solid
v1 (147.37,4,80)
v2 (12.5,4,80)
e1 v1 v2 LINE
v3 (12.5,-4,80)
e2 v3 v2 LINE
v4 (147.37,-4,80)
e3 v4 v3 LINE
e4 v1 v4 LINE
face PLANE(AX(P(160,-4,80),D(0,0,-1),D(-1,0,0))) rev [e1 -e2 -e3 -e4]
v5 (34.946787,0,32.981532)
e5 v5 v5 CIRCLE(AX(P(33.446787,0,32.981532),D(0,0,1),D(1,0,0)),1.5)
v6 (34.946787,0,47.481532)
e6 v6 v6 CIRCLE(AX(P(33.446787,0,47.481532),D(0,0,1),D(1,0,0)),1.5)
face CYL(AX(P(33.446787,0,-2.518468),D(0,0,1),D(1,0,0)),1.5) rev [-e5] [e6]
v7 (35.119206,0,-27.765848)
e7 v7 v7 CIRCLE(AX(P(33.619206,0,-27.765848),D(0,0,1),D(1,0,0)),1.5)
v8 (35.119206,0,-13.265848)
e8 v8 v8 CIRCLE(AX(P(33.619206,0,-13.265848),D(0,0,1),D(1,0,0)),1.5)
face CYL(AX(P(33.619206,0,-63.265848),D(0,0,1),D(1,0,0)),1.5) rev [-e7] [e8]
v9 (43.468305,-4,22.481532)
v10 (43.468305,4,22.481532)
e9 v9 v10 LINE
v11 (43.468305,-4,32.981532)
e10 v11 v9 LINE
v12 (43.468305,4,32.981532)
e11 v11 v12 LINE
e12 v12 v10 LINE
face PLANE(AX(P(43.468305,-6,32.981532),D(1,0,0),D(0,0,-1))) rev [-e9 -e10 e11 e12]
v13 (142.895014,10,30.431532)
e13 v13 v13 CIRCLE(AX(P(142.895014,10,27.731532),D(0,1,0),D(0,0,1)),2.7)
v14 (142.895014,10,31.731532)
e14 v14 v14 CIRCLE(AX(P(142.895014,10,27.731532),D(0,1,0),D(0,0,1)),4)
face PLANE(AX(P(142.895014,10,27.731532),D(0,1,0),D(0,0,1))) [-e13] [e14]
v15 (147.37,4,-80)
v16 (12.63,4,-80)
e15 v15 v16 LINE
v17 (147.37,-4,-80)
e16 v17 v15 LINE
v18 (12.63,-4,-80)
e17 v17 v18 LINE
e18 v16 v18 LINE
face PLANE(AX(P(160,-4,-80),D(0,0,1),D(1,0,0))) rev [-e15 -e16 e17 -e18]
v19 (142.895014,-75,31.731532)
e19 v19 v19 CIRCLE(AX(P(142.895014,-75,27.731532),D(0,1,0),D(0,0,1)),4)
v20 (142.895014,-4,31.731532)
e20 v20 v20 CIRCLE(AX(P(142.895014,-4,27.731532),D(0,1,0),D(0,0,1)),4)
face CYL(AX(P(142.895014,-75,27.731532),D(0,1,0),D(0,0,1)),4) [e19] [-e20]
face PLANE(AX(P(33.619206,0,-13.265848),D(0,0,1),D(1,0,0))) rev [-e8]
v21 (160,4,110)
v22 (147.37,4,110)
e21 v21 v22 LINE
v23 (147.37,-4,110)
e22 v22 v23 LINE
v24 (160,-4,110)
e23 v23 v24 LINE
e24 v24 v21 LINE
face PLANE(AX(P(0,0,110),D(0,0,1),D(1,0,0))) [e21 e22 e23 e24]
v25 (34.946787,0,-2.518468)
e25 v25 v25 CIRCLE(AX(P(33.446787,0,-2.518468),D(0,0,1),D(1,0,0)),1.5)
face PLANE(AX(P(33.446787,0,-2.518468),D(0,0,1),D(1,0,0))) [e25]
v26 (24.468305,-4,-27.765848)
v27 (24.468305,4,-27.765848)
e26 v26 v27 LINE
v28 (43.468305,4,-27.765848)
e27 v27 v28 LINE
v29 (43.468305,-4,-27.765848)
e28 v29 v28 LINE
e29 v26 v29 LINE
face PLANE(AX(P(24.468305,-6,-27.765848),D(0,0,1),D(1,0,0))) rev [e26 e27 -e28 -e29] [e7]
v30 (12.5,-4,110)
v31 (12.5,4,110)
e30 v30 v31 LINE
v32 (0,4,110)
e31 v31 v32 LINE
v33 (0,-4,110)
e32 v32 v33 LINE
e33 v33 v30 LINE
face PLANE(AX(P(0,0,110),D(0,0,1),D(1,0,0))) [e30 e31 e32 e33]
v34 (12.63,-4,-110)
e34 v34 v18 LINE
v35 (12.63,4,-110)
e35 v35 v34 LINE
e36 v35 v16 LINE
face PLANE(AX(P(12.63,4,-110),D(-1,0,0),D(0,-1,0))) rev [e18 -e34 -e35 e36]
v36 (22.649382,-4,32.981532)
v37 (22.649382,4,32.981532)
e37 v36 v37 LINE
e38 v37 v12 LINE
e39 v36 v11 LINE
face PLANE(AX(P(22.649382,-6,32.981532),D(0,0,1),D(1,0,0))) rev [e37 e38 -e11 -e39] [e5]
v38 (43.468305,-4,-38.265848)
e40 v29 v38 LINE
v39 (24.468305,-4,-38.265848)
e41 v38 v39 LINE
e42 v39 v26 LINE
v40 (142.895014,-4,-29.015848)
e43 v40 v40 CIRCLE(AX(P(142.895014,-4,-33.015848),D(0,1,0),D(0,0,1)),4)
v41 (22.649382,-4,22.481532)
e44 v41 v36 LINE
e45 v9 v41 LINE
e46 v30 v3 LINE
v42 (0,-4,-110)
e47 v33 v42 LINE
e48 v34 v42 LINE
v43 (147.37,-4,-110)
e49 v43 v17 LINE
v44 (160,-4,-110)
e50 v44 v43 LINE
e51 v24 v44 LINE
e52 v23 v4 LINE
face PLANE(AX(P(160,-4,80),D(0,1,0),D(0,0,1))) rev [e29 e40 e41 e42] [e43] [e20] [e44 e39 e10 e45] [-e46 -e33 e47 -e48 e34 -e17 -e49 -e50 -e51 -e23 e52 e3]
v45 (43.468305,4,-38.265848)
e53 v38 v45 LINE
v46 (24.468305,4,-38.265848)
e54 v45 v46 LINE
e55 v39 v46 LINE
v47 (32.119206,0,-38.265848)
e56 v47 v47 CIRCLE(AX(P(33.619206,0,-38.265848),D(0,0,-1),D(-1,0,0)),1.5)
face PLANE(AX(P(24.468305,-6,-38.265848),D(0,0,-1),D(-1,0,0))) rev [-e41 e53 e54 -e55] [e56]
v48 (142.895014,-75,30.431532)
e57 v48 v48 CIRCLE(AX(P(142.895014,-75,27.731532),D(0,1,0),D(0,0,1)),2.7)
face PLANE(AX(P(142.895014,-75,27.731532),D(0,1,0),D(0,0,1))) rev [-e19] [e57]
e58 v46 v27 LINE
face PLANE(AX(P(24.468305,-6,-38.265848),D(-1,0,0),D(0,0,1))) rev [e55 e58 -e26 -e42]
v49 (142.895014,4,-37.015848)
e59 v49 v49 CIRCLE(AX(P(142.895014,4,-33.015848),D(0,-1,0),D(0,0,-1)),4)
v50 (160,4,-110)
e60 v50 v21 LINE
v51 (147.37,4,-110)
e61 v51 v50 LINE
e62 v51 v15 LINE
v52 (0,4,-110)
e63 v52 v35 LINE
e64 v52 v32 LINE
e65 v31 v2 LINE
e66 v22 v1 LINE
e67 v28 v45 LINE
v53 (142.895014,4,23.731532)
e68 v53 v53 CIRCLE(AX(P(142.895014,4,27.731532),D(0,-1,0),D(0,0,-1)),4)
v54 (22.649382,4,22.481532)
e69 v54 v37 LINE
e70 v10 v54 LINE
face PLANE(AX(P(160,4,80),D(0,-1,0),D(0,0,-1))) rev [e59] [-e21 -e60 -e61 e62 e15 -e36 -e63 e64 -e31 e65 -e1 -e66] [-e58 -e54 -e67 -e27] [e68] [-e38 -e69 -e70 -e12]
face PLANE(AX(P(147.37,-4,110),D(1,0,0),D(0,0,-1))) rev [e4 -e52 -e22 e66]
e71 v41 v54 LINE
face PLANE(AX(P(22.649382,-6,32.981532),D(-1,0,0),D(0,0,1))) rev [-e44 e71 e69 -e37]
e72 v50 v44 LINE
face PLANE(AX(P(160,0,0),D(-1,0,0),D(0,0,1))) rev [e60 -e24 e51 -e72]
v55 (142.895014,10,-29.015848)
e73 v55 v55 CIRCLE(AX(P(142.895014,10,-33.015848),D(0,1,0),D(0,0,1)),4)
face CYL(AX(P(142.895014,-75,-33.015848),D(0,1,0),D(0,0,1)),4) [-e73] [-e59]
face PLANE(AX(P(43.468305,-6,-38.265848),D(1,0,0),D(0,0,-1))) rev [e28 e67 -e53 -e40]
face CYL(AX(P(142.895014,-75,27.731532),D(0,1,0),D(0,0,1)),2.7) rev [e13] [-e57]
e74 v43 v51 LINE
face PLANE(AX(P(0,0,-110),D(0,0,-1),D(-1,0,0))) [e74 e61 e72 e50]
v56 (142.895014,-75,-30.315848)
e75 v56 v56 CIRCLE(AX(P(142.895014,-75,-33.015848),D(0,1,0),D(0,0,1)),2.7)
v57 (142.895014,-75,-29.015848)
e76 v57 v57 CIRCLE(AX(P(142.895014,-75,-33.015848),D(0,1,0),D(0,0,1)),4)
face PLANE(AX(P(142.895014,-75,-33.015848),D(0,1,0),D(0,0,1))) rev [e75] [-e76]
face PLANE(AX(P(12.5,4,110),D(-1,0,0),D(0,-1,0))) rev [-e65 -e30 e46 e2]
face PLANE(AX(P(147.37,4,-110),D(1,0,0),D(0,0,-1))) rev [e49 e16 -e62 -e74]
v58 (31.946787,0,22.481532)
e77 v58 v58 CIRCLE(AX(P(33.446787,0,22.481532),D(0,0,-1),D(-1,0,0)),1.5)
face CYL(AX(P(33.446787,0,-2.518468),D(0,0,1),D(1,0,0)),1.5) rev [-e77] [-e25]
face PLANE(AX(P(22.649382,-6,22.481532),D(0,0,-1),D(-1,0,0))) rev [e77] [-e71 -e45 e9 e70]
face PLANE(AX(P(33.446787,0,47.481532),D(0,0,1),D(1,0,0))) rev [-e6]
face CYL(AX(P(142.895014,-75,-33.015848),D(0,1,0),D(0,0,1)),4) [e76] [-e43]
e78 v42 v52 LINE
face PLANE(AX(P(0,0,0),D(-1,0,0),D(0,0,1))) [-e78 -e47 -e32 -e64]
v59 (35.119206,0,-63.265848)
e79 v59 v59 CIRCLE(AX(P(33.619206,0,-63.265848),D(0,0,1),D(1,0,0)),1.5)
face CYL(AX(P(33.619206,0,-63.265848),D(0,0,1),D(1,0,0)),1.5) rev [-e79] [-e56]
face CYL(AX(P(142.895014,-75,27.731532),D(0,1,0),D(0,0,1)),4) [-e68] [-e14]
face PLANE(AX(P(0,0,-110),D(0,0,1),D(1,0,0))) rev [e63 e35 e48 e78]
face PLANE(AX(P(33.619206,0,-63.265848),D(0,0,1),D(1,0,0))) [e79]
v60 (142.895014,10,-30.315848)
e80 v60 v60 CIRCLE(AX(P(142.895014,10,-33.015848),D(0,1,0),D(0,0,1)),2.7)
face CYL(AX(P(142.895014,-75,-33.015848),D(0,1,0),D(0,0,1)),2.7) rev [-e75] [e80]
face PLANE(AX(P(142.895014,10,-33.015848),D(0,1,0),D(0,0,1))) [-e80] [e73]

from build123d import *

# Parameters (mm, degrees)
SKETCH1_W           = 160
SKETCH1_H           = 8
BOSS_EXTRUDE1_DEPTH = 160
SKETCH2_W           = 12.5
SKETCH2_H           = 8
BOSS_EXTRUDE2_DEPTH = 30
SKETCH3_W           = 12.63
SKETCH3_H           = 8
BOSS_EXTRUDE3_DEPTH = 30
SKETCH4_W           = 12.63
SKETCH4_H           = 8
BOSS_EXTRUDE4_DEPTH = 30
SKETCH5_W           = 12.63
SKETCH5_H           = 8
BOSS_EXTRUDE5_DEPTH = 30
SKETCH6_W           = 19
SKETCH6_H           = 10.5
SKETCH6_W_2         = 20.818922979
CUT_EXTRUDE1_DEPTH  = 10
SKETCH8_R           = 1.5
CUT_EXTRUDE4_DEPTH  = 25
SKETCH9_R           = 1.5
CUT_EXTRUDE5_DEPTH  = 25
BOSS_EXTRUDE6_START = 10
SKETCH10_R          = 4
BOSS_EXTRUDE6_DEPTH = 85
SKETCH13_R          = 2.7
CUT_EXTRUDE6_DEPTH  = 85
SKETCH14_R          = 2.7
CUT_EXTRUDE7_DEPTH  = 85


with BuildPart() as part:
    # Sketch1 → Boss-Extrude1 (new body)
    with BuildSketch(Plane(origin=(0, 0, 0), x_dir=(0, 0, -1), z_dir=(1, 0, 0))):
        Rectangle(SKETCH1_W, SKETCH1_H)
    extrude(amount=BOSS_EXTRUDE1_DEPTH)

    # Sketch2 → Boss-Extrude2 (add)
    with BuildSketch(Plane.XY.offset(80)):
        with Locations((6.25, 0)):
            Rectangle(SKETCH2_W, SKETCH2_H)
    extrude(amount=BOSS_EXTRUDE2_DEPTH)

    # Sketch3 → Boss-Extrude3 (add)
    with BuildSketch(Plane.XY.offset(80)):
        with Locations((153.685, 0)):
            Rectangle(SKETCH3_W, SKETCH3_H)
    extrude(amount=BOSS_EXTRUDE3_DEPTH)

    # Sketch4 → Boss-Extrude4 (add)
    with BuildSketch(Plane(origin=(0, 0, -80), x_dir=(-1, 0, 0), z_dir=(0, 0, -1))):
        with Locations((-153.685, 0)):
            Rectangle(SKETCH4_W, SKETCH4_H)
    extrude(amount=BOSS_EXTRUDE4_DEPTH)

    # Sketch5 → Boss-Extrude5 (add)
    with BuildSketch(Plane(origin=(0, 0, -80), x_dir=(-1, 0, 0), z_dir=(0, 0, -1))):
        with Locations((-6.315, 0)):
            Rectangle(SKETCH5_W, SKETCH5_H)
    extrude(amount=BOSS_EXTRUDE5_DEPTH)

    # Sketch6 → Cut-Extrude1 (cut)
    with BuildSketch(Plane(origin=(0, 4, 0), x_dir=(1, 0, 0), z_dir=(0, 1, 0))):
        with Locations((33.96830463, 33.015847685)):
            Rectangle(SKETCH6_W, SKETCH6_H)
        with Locations((33.058843141, -27.73153178)):
            Rectangle(SKETCH6_W_2, SKETCH6_H)
    extrude(amount=-CUT_EXTRUDE1_DEPTH, mode=Mode.SUBTRACT)

    # Sketch8 → Cut-Extrude4 (cut, symmetric)
    with BuildSketch(Plane.XY.offset(-38.265847685)):
        with Locations((33.619205895, 0)):
            Circle(SKETCH8_R)
    extrude(amount=CUT_EXTRUDE4_DEPTH, both=True, mode=Mode.SUBTRACT)

    # Sketch9 → Cut-Extrude5 (cut, symmetric)
    with BuildSketch(Plane.XY.offset(22.48153178)):
        with Locations((33.446786586, 0)):
            Circle(SKETCH9_R)
    extrude(amount=CUT_EXTRUDE5_DEPTH, both=True, mode=Mode.SUBTRACT)

    # Sketch10 → Boss-Extrude6 (add)
    with BuildSketch(Plane(origin=(0, 0, 0), x_dir=(1, 0, 0), z_dir=(0, 1, 0)).offset(BOSS_EXTRUDE6_START)):
        with Locations(Location((142.895014093, -27.73153178, 0), (0, 0, 270))):
            Circle(SKETCH10_R)
        with Locations(Location((142.895014093, 33.015847685, 0), (0, 0, 270))):
            Circle(SKETCH10_R)
    extrude(amount=-BOSS_EXTRUDE6_DEPTH)

    # Sketch13 → Cut-Extrude6 (cut)
    with BuildSketch(Plane(origin=(0, 10, 0), x_dir=(1, 0, 0), z_dir=(0, 1, 0))):
        with Locations(Location((142.895014093, -27.73153178, 0), (0, 0, 270))):
            Circle(SKETCH13_R)
    extrude(amount=-CUT_EXTRUDE6_DEPTH, mode=Mode.SUBTRACT)

    # Sketch14 → Cut-Extrude7 (cut)
    with BuildSketch(Plane(origin=(0, 10, 0), x_dir=(1, 0, 0), z_dir=(0, 1, 0))):
        with Locations(Location((142.895014093, 33.015847685, 0), (0, 0, 270))):
            Circle(SKETCH14_R)
    extrude(amount=-CUT_EXTRUDE7_DEPTH, mode=Mode.SUBTRACT)


solid = part.part
